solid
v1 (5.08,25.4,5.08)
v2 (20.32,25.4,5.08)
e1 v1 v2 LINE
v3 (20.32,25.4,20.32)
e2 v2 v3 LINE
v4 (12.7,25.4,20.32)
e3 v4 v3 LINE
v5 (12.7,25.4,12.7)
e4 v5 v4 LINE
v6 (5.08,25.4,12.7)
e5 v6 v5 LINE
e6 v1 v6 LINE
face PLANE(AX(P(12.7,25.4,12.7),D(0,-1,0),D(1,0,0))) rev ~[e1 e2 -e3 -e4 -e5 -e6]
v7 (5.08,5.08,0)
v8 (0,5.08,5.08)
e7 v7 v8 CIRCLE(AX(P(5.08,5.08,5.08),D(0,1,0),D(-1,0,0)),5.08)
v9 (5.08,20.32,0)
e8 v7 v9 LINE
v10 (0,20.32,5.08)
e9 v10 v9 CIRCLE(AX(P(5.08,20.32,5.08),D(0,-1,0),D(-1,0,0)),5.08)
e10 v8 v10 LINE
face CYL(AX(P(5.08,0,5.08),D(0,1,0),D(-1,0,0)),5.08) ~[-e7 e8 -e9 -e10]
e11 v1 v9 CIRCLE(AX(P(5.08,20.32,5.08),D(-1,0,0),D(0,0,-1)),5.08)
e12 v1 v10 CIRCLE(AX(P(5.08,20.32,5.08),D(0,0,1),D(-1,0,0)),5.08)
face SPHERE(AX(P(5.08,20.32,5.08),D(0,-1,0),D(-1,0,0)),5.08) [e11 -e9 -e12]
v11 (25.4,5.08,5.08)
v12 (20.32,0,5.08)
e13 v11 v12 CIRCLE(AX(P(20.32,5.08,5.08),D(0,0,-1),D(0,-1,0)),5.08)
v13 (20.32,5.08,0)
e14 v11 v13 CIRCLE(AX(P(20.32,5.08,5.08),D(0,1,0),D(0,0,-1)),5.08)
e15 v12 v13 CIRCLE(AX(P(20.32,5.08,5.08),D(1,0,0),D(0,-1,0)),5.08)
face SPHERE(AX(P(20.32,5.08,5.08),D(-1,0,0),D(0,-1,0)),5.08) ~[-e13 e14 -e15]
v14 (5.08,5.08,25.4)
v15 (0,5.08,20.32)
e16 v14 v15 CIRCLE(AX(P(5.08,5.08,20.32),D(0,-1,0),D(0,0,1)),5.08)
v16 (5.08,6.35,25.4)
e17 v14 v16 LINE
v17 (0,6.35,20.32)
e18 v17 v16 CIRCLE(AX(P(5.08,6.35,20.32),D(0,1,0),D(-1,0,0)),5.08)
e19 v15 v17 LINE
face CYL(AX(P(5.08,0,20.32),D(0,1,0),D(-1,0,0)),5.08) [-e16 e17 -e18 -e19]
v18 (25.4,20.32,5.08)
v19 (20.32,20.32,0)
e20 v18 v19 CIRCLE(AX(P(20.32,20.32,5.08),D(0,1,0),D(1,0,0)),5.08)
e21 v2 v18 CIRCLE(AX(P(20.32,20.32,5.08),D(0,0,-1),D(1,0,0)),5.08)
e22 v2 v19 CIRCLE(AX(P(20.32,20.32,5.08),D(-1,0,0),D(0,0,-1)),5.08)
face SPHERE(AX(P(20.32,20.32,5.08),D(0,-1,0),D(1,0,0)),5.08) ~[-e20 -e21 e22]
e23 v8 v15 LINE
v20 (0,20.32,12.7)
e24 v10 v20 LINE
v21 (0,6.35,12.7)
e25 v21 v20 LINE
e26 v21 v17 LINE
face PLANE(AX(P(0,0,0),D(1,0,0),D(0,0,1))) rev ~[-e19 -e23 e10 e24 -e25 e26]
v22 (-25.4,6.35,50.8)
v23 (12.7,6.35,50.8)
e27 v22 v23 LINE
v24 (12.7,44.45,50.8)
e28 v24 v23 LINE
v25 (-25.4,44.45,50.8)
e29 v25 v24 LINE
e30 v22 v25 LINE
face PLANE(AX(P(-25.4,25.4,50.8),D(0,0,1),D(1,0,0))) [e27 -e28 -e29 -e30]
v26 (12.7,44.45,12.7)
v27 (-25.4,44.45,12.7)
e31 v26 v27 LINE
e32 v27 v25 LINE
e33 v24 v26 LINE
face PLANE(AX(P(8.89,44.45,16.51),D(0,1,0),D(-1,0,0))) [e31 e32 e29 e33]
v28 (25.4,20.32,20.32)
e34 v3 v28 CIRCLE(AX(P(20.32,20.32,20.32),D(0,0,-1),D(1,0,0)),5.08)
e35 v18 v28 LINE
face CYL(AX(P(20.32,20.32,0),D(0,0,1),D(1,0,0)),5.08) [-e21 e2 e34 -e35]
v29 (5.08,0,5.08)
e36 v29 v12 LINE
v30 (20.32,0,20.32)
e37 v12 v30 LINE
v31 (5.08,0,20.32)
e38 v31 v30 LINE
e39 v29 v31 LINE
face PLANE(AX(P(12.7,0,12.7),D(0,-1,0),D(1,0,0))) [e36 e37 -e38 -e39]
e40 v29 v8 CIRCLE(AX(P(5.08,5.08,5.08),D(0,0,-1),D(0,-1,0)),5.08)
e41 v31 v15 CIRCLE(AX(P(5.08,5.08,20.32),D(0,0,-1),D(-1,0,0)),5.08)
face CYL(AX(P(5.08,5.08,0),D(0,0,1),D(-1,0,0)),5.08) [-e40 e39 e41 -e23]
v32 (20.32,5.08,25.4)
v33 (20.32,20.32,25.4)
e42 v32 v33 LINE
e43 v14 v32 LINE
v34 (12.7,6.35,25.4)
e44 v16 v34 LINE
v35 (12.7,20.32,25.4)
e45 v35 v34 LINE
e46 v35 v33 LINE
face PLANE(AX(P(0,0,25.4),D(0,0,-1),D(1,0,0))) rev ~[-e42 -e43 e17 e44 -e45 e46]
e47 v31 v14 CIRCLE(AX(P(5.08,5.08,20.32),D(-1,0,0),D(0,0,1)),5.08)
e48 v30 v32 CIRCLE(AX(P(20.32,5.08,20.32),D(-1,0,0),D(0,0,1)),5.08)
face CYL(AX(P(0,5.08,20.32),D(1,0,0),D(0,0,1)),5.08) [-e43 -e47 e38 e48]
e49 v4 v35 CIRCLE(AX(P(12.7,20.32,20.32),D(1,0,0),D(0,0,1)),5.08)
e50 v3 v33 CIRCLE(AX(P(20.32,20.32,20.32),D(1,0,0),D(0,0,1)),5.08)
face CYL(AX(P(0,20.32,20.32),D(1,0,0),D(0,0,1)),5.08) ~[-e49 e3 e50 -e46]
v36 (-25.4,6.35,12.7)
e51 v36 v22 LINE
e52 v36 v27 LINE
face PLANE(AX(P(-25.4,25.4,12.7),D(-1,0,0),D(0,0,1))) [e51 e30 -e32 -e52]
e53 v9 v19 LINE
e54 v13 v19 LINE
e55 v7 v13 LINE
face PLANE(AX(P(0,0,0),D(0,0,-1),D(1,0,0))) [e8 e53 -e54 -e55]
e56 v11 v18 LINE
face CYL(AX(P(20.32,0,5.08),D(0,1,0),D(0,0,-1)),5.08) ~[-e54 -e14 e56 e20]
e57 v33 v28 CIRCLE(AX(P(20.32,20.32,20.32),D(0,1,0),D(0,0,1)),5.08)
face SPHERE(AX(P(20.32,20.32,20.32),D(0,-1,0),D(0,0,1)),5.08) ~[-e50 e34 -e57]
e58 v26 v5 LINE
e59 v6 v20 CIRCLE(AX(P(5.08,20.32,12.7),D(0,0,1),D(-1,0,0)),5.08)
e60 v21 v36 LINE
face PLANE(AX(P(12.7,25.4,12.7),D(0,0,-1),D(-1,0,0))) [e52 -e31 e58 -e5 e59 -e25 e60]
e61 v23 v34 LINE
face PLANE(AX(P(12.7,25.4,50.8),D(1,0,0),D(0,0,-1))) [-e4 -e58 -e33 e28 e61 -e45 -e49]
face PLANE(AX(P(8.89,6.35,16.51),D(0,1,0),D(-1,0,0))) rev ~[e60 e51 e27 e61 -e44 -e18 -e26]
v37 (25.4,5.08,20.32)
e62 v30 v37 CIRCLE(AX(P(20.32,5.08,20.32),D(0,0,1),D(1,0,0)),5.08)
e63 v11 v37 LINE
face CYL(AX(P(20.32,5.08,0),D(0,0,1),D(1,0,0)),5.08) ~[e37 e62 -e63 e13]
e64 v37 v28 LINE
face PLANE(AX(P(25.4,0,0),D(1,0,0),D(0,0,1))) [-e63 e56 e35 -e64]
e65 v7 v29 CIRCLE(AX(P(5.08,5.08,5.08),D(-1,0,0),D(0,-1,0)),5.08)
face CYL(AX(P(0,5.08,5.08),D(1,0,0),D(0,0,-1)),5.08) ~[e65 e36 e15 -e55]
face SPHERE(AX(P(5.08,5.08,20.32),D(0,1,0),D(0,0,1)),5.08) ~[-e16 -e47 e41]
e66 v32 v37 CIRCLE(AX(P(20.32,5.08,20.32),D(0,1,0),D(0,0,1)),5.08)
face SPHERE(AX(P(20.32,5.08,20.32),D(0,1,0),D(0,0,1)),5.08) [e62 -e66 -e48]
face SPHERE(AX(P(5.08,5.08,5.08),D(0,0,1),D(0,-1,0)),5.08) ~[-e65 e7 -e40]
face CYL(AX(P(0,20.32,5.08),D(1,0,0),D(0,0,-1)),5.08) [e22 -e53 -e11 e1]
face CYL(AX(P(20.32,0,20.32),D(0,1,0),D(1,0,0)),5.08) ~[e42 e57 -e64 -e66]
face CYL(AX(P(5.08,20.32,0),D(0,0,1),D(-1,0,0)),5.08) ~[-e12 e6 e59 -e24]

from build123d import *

# Parameters (mm, degrees)
F0_W     = 25.4
F0_H     = 25.4
F1_DEPTH = 25.4
F2_R     = 5.08
F3_W     = 7.62
F3_H     = 7.62
F4_DEPTH = 19.05


with BuildPart() as f1:
    # F0 (on Front) → F1 (new body)
    with BuildSketch(Plane.XZ):
        with Locations((12.7, 12.7)):
            Rectangle(F0_W, F0_H)
    extrude(amount=-F1_DEPTH)

    # F2
    f2_edges = [f1.edges().sort_by_distance(p)[0] for p in [
        (25.4, 12.7, 25.4),
        (0, 12.7, 25.4),
        (12.7, 0, 25.4),
        (12.7, 25.4, 25.4),
        (0, 0, 12.7),
        (12.7, 0, 0),
        (25.4, 0, 12.7),
        (25.4, 12.7, 0),
        (25.4, 25.4, 12.7),
        (0, 12.7, 0),
        (0, 25.4, 12.7),
        (12.7, 25.4, 0),
    ]]
    fillet(f2_edges, radius=F2_R)

    # F3 (on face) → F4 (join, symmetric)
    with BuildSketch(Plane(origin=(0, 25.4, 0), x_dir=(-1, 0, 0), z_dir=(0, 1, 0))):
        with Locations((-8.89, 16.51)):
            Rectangle(F3_W, F3_H)
        Polygon((-5.08, 20.32), (-5.08, 12.7), (25.4, 12.7), (25.4, 50.8), (-12.7, 50.8), (-12.7, 20.32), align=None)
    extrude(amount=F4_DEPTH, both=True)


solid = f1.part
